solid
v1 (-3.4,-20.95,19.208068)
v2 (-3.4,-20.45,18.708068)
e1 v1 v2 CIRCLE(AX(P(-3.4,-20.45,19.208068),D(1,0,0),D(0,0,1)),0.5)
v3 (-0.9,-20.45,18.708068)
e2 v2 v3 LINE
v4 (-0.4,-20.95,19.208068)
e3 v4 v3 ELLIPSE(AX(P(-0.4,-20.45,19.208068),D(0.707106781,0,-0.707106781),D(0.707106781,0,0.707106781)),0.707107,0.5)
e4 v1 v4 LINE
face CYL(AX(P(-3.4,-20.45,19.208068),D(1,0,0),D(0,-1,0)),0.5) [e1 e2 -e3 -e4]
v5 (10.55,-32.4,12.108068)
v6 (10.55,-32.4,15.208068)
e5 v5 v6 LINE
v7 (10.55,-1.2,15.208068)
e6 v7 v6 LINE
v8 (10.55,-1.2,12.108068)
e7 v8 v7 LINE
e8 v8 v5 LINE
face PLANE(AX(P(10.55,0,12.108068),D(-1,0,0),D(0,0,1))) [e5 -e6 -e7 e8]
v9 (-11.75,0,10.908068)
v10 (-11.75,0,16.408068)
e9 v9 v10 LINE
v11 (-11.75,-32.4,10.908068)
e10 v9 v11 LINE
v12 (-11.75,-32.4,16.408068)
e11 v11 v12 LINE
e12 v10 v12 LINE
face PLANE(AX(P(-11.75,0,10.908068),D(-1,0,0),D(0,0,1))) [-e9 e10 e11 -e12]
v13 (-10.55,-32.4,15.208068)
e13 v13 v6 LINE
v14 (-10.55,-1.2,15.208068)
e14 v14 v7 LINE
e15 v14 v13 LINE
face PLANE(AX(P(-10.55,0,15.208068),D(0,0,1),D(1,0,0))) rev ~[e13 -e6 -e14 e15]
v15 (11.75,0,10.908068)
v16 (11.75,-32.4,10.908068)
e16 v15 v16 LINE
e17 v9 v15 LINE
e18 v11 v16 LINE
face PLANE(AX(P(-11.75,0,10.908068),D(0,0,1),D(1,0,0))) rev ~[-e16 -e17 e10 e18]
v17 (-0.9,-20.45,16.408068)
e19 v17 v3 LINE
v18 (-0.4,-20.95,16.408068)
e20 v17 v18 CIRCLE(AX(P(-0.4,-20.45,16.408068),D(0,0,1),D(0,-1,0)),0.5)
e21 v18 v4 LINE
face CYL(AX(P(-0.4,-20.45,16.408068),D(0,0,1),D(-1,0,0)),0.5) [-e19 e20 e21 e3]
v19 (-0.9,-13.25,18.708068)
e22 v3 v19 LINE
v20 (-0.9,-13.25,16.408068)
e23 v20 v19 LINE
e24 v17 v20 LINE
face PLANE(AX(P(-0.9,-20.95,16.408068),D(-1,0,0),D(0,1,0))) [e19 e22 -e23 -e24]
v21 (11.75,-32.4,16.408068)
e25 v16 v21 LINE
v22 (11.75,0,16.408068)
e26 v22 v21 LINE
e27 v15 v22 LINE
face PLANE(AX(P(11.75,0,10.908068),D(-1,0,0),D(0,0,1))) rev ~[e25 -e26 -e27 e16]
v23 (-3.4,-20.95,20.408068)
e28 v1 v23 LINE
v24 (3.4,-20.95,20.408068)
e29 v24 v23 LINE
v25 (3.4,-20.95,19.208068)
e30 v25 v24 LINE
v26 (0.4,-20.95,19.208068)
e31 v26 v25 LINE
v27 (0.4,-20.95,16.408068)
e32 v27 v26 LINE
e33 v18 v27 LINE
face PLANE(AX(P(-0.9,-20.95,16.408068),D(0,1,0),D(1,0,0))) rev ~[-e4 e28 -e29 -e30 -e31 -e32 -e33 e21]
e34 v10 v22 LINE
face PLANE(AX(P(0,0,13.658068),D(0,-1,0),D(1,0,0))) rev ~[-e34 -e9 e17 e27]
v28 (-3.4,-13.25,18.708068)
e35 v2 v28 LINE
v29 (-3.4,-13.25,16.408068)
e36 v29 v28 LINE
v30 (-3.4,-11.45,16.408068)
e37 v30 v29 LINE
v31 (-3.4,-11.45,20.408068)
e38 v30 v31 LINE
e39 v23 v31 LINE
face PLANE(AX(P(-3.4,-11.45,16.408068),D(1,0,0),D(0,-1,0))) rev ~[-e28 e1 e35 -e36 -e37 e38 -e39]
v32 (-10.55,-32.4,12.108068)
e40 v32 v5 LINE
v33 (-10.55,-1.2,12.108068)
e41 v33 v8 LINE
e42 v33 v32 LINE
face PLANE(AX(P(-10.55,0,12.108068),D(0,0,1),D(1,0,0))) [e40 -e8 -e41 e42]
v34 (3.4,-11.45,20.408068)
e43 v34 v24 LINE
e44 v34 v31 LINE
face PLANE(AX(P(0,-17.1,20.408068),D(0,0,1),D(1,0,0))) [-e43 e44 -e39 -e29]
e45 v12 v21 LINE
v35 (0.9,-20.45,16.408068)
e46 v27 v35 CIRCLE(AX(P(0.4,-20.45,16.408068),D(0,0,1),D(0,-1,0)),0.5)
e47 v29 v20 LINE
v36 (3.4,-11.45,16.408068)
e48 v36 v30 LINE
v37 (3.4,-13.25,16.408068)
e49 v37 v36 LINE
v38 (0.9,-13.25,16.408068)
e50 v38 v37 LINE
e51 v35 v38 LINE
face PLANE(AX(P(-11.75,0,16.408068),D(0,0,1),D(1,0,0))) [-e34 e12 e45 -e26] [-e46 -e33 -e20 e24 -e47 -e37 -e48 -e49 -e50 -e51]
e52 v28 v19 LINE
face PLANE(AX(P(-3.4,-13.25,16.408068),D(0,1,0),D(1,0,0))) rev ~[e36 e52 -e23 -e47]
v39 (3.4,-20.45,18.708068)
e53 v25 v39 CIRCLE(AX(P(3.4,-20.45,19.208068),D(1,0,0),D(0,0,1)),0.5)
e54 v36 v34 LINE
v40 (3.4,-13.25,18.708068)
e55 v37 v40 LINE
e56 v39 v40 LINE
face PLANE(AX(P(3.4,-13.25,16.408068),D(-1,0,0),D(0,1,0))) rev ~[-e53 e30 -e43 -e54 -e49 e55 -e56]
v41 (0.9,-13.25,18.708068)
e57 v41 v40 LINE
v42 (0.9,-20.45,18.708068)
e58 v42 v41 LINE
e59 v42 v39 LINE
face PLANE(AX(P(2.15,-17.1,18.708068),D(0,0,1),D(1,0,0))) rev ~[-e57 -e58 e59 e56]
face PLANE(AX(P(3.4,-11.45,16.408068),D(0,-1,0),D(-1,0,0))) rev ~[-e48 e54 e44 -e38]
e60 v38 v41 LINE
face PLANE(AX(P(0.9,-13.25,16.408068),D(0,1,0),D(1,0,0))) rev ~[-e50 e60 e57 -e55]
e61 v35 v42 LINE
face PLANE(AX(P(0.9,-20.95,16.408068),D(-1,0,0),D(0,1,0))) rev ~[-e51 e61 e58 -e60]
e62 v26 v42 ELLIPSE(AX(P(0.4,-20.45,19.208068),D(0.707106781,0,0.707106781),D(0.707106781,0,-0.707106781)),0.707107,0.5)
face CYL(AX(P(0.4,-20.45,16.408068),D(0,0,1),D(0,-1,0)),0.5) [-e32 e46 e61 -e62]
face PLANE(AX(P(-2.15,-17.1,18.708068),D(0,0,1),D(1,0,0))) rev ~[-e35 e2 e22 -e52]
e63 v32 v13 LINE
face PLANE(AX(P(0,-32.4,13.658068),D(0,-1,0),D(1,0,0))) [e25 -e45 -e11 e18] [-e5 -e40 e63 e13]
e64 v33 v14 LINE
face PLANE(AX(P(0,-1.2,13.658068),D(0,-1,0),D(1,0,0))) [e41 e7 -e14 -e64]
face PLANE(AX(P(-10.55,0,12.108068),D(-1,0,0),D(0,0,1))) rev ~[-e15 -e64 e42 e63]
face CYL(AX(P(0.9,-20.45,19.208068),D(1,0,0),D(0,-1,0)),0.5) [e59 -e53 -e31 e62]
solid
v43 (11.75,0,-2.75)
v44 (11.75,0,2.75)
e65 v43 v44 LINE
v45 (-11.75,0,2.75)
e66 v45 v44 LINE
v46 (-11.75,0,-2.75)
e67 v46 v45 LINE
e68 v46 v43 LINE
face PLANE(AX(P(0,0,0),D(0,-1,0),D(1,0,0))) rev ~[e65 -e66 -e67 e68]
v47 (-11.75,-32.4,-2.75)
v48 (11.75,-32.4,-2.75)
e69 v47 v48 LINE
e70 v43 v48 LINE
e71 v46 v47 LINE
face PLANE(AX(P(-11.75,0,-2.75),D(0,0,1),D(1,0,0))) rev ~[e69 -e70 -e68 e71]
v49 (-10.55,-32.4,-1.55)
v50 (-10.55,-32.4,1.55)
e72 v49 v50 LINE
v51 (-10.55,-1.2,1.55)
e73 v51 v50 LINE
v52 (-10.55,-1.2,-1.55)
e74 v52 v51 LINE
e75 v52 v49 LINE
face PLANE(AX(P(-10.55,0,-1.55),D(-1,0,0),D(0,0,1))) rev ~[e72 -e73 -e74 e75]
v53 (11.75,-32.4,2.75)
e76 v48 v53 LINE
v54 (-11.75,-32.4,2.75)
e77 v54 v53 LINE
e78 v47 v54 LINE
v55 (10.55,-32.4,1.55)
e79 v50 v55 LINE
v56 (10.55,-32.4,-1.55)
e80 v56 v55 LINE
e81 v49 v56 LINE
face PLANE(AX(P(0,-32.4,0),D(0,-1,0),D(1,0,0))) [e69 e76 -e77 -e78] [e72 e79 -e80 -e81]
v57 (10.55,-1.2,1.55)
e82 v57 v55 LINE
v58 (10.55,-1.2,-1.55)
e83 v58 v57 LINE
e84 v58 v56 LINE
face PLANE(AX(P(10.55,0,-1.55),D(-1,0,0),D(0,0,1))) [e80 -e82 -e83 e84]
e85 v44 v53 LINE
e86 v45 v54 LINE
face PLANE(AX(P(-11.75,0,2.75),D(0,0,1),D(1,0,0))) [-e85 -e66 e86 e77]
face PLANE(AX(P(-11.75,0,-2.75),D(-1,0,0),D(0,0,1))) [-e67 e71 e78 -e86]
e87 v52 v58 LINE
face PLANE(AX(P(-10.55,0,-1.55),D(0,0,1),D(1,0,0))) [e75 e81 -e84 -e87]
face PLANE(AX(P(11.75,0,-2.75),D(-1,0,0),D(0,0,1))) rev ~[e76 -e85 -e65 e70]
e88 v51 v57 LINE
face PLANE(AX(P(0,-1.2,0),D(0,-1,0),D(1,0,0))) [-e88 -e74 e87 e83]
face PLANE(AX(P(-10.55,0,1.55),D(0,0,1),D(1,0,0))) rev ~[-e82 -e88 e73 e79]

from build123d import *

# Parameters (mm, degrees)
F1_W     = 23.5
F1_H     = 5.5
F1_W_2   = 21.1
F1_H_2   = 3.1
F2_DEPTH = 32.4
F3_DEPTH = 1.2
F4_W     = 21.1
F4_H     = 3.1
F5_DEPTH = 1.2
F4_W_2   = 23.5
F4_H_2   = 5.5
F6_DEPTH = 32.4
F8_START = 2.3
F7_W     = 2.5
F7_H     = 7.7
F8_DEPTH = 1.7
F7_W_2   = 1.8
F9_DEPTH = 4
F10_R    = 0.5


with BuildPart() as f2:
    # F1 (on Front) → F2 (new body)
    with BuildSketch(Plane.XZ):
        Rectangle(F1_W, F1_H)
        Rectangle(F1_W_2, F1_H_2, mode=Mode.SUBTRACT)
    extrude(amount=F2_DEPTH)

    # F1 (on Front) → F3 (join)
    with BuildSketch(Plane.XZ):
        Rectangle(F1_W_2, F1_H_2)
    extrude(amount=F3_DEPTH)


with BuildPart() as f5:
    # F4 (on Front) → F5 (new body)
    with BuildSketch(Plane.XZ):
        with Locations((0, 13.6580683127)):
            Rectangle(F4_W, F4_H)
    extrude(amount=F5_DEPTH)

    # F4 (on Front) → F6 (join, through all)
    with BuildSketch(Plane.XZ):
        with Locations((0, 13.6580683127)):
            Rectangle(F4_W_2, F4_H_2)
        with Locations((0, 13.6580683127)):
            Rectangle(F4_W, F4_H, mode=Mode.SUBTRACT)
    extrude(amount=F6_DEPTH)



with BuildPart() as f8:
    # F7 (on face) → F8 (new body)
    with BuildSketch(Plane.XY.offset(16.4080683127).offset(F8_START)):
        with Locations((2.15, -17.1)):
            Rectangle(F7_W, F7_H)
    extrude(amount=F8_DEPTH)


with BuildPart() as f8b:
    # F7 (on face) → F8, piece 2 (new body)
    with BuildSketch(Plane.XY.offset(16.4080683127).offset(F8_START)):
        with Locations((-2.15, -17.1)):
            Rectangle(F7_W, F7_H)
    extrude(amount=F8_DEPTH)


with BuildPart() as f5_1:
    add(f5.part)

    add(f8.part)  # F9 merges F8

    add(f8b.part)  # F9 merges F8b
    # F7 (on face) → F9 (join)
    with BuildSketch(Plane.XY.offset(16.4080683127)):
        with Locations((0, -17.1)):
            Rectangle(F7_W_2, F7_H)
        Polygon((-3.4, -11.45), (-3.4, -13.25), (-0.9, -13.25), (0.9, -13.25), (3.4, -13.25), (3.4, -11.45), align=None)
    extrude(amount=F9_DEPTH)

    # F10
    f10_edges = [f5_1.edges().sort_by_distance(p)[0] for p in [
        (-2.15, -20.95, 18.708068),
        (2.15, -20.95, 18.708068),
        (0.9, -20.95, 17.558068),
        (-0.9, -20.95, 17.558068),
    ]]
    fillet(f10_edges, radius=F10_R)


solid = Compound([f2.part, f5_1.part])
